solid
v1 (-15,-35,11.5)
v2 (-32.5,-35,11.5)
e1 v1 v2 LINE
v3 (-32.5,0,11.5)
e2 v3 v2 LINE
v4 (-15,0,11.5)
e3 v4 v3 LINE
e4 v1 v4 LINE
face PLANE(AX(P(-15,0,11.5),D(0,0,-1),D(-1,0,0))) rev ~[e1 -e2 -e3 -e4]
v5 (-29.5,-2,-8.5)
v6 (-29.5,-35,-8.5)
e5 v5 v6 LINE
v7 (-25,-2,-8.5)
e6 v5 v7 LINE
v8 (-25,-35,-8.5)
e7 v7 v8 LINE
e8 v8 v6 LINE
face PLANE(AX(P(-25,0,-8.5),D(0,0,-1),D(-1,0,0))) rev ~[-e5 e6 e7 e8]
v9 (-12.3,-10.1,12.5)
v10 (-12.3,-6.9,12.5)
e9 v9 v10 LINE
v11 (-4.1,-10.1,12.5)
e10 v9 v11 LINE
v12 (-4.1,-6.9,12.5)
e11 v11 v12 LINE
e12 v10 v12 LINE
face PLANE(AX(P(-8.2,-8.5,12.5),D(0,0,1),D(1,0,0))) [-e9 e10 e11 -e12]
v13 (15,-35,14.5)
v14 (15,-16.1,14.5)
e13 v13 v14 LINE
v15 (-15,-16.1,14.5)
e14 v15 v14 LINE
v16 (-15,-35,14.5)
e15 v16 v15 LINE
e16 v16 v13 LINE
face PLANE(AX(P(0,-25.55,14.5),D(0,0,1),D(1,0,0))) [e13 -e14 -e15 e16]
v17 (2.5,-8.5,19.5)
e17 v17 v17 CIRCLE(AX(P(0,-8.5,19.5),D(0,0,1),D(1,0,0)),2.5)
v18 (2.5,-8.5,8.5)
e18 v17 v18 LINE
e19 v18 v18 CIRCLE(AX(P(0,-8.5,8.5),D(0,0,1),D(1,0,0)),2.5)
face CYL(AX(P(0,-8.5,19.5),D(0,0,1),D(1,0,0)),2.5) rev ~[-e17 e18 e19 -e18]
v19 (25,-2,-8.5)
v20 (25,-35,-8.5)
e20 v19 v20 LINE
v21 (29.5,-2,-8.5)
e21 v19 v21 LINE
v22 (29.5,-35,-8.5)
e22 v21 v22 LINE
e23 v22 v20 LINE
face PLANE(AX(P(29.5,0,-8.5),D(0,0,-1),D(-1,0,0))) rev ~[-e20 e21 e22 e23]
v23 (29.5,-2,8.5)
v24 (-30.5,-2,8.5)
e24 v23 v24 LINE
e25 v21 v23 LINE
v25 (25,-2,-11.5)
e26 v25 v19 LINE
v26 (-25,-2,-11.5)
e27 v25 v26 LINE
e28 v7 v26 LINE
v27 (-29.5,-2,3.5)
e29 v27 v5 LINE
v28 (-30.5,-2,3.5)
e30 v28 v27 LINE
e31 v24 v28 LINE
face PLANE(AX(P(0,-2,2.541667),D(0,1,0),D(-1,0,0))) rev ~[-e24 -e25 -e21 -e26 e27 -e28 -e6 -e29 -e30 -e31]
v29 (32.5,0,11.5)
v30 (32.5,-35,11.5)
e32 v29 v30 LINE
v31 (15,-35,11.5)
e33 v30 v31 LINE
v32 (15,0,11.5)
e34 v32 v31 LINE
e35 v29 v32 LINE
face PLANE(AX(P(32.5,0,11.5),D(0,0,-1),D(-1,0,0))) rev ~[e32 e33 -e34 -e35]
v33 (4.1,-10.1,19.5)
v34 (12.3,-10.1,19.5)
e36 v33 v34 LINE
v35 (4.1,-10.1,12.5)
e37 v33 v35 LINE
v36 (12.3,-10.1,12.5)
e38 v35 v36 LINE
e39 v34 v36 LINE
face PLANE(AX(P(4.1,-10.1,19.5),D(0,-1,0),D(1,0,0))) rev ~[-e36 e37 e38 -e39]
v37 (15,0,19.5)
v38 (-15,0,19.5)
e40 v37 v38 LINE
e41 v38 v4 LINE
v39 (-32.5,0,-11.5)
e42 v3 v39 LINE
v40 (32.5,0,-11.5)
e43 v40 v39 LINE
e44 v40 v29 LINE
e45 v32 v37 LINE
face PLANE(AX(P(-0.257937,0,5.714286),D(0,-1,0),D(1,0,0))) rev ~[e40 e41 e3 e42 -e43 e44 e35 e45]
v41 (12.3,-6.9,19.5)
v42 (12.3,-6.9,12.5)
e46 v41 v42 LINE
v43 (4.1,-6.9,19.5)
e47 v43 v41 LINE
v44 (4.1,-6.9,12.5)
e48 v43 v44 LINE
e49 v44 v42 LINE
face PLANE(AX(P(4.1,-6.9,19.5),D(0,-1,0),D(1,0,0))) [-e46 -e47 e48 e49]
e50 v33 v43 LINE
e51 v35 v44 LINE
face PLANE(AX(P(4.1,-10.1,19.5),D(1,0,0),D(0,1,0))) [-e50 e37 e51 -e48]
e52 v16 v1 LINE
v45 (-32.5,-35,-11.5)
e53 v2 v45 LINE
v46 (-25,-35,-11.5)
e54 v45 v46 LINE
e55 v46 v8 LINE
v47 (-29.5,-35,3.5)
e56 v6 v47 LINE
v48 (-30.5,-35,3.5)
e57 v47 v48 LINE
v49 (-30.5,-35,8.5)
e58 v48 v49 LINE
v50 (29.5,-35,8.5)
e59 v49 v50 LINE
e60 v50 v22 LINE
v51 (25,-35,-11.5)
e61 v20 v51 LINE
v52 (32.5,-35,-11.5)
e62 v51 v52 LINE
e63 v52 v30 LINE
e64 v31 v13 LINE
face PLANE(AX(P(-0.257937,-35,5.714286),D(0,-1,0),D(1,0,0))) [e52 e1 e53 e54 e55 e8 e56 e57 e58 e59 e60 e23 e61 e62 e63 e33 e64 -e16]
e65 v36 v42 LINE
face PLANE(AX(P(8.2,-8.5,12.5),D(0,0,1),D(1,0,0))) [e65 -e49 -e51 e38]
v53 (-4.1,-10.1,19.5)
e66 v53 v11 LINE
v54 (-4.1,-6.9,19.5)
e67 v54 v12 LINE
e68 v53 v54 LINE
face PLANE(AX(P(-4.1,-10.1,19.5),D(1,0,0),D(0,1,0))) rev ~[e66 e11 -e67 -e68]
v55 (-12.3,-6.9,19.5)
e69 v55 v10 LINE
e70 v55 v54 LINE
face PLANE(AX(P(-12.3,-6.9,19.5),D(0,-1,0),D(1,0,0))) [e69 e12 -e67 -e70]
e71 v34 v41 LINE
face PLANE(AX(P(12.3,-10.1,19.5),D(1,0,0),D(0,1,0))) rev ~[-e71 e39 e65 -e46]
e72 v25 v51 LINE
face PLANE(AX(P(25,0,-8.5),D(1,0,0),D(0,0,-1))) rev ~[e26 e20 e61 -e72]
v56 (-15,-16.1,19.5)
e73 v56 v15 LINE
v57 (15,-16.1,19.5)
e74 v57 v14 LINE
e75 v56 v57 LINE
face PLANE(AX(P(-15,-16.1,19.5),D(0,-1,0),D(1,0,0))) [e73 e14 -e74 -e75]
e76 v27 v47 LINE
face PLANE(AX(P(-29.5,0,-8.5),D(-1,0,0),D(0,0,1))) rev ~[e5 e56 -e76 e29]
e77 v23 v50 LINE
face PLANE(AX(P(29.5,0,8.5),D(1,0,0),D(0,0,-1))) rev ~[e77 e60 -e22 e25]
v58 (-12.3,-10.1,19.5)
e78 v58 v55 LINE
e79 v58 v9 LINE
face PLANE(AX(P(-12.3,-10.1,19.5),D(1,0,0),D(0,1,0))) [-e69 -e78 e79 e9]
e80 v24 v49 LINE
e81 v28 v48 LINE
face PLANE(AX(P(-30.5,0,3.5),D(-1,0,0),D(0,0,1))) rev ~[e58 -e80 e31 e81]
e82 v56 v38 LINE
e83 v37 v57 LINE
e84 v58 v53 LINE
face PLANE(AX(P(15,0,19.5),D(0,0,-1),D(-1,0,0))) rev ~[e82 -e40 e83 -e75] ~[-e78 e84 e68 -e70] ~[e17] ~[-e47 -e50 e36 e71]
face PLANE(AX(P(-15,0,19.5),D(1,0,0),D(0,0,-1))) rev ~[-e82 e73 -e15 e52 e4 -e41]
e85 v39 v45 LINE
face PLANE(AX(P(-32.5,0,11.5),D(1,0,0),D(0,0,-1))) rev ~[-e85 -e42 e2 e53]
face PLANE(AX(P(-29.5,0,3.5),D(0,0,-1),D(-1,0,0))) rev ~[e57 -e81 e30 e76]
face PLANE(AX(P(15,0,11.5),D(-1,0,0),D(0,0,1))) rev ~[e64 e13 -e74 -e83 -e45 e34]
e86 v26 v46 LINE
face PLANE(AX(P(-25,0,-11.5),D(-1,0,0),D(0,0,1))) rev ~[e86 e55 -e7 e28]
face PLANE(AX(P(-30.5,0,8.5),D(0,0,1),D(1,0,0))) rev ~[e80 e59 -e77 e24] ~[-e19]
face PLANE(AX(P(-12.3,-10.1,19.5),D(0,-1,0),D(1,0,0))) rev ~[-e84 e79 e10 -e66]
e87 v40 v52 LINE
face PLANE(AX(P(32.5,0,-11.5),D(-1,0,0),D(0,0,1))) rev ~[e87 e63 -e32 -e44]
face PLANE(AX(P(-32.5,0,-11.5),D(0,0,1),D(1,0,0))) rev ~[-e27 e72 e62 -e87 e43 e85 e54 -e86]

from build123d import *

# Parameters (mm, degrees)
F1_DEPTH = 35
F3_DEPTH = 2
F4_R     = 2.5
F5_DEPTH = 25
F6_W     = 8.2
F6_H     = 3.2
F7_DEPTH = 7
F8_W     = 30
F8_H     = 18.9
F9_DEPTH = 5


with BuildPart() as f1:
    # F0 (on Front) → F1 (new body)
    with BuildSketch(Plane.XZ):
        Polygon((-15, 11.5), (-32.5, 11.5), (-32.5, -11.5), (-25, -11.5), (-25, -8.5), (-29.5, -8.5), (-29.5, 3.5), (-30.5, 3.5), (-30.5, 8.5), (-29.5, 8.5), (29.5, 8.5), (29.5, -8.5), (25, -8.5), (25, -11.5), (32.5, -11.5), (32.5, 11.5), (15, 11.5), (15, 19.5), (0, 19.5), (-15, 19.5), align=None)
    extrude(amount=F1_DEPTH)

    # F2 (on face) → F3 (join)
    with BuildSketch(Plane(origin=(0, 0, 0), x_dir=(-1, 0, 0), z_dir=(0, 1, 0))):
        Polygon((-15, 11.5), (-32.5, 11.5), (-32.5, -11.5), (-25, -11.5), (25, -11.5), (32.5, -11.5), (32.5, 11.5), (15, 11.5), (15, 19.5), (-15, 19.5), align=None)
    extrude(amount=-F3_DEPTH)

    # F4 (on face) → F5 (cut)
    with BuildSketch(Plane.XY.offset(19.5)):
        with Locations((0, -8.5)):
            Circle(F4_R)
    extrude(amount=-F5_DEPTH, mode=Mode.SUBTRACT)

    # F6 (on face) → F7 (cut)
    with BuildSketch(Plane.XY.offset(19.5)):
        with Locations((-8.2, -8.5)):
            Rectangle(F6_W, F6_H)
        with Locations((8.2, -8.5)):
            Rectangle(F6_W, F6_H)
    extrude(amount=-F7_DEPTH, mode=Mode.SUBTRACT)

    # F8 (on face) → F9 (cut)
    with BuildSketch(Plane.XY.offset(19.5)):
        with Locations((0, -25.55)):
            Rectangle(F8_W, F8_H)
    extrude(amount=-F9_DEPTH, mode=Mode.SUBTRACT)


solid = f1.part
